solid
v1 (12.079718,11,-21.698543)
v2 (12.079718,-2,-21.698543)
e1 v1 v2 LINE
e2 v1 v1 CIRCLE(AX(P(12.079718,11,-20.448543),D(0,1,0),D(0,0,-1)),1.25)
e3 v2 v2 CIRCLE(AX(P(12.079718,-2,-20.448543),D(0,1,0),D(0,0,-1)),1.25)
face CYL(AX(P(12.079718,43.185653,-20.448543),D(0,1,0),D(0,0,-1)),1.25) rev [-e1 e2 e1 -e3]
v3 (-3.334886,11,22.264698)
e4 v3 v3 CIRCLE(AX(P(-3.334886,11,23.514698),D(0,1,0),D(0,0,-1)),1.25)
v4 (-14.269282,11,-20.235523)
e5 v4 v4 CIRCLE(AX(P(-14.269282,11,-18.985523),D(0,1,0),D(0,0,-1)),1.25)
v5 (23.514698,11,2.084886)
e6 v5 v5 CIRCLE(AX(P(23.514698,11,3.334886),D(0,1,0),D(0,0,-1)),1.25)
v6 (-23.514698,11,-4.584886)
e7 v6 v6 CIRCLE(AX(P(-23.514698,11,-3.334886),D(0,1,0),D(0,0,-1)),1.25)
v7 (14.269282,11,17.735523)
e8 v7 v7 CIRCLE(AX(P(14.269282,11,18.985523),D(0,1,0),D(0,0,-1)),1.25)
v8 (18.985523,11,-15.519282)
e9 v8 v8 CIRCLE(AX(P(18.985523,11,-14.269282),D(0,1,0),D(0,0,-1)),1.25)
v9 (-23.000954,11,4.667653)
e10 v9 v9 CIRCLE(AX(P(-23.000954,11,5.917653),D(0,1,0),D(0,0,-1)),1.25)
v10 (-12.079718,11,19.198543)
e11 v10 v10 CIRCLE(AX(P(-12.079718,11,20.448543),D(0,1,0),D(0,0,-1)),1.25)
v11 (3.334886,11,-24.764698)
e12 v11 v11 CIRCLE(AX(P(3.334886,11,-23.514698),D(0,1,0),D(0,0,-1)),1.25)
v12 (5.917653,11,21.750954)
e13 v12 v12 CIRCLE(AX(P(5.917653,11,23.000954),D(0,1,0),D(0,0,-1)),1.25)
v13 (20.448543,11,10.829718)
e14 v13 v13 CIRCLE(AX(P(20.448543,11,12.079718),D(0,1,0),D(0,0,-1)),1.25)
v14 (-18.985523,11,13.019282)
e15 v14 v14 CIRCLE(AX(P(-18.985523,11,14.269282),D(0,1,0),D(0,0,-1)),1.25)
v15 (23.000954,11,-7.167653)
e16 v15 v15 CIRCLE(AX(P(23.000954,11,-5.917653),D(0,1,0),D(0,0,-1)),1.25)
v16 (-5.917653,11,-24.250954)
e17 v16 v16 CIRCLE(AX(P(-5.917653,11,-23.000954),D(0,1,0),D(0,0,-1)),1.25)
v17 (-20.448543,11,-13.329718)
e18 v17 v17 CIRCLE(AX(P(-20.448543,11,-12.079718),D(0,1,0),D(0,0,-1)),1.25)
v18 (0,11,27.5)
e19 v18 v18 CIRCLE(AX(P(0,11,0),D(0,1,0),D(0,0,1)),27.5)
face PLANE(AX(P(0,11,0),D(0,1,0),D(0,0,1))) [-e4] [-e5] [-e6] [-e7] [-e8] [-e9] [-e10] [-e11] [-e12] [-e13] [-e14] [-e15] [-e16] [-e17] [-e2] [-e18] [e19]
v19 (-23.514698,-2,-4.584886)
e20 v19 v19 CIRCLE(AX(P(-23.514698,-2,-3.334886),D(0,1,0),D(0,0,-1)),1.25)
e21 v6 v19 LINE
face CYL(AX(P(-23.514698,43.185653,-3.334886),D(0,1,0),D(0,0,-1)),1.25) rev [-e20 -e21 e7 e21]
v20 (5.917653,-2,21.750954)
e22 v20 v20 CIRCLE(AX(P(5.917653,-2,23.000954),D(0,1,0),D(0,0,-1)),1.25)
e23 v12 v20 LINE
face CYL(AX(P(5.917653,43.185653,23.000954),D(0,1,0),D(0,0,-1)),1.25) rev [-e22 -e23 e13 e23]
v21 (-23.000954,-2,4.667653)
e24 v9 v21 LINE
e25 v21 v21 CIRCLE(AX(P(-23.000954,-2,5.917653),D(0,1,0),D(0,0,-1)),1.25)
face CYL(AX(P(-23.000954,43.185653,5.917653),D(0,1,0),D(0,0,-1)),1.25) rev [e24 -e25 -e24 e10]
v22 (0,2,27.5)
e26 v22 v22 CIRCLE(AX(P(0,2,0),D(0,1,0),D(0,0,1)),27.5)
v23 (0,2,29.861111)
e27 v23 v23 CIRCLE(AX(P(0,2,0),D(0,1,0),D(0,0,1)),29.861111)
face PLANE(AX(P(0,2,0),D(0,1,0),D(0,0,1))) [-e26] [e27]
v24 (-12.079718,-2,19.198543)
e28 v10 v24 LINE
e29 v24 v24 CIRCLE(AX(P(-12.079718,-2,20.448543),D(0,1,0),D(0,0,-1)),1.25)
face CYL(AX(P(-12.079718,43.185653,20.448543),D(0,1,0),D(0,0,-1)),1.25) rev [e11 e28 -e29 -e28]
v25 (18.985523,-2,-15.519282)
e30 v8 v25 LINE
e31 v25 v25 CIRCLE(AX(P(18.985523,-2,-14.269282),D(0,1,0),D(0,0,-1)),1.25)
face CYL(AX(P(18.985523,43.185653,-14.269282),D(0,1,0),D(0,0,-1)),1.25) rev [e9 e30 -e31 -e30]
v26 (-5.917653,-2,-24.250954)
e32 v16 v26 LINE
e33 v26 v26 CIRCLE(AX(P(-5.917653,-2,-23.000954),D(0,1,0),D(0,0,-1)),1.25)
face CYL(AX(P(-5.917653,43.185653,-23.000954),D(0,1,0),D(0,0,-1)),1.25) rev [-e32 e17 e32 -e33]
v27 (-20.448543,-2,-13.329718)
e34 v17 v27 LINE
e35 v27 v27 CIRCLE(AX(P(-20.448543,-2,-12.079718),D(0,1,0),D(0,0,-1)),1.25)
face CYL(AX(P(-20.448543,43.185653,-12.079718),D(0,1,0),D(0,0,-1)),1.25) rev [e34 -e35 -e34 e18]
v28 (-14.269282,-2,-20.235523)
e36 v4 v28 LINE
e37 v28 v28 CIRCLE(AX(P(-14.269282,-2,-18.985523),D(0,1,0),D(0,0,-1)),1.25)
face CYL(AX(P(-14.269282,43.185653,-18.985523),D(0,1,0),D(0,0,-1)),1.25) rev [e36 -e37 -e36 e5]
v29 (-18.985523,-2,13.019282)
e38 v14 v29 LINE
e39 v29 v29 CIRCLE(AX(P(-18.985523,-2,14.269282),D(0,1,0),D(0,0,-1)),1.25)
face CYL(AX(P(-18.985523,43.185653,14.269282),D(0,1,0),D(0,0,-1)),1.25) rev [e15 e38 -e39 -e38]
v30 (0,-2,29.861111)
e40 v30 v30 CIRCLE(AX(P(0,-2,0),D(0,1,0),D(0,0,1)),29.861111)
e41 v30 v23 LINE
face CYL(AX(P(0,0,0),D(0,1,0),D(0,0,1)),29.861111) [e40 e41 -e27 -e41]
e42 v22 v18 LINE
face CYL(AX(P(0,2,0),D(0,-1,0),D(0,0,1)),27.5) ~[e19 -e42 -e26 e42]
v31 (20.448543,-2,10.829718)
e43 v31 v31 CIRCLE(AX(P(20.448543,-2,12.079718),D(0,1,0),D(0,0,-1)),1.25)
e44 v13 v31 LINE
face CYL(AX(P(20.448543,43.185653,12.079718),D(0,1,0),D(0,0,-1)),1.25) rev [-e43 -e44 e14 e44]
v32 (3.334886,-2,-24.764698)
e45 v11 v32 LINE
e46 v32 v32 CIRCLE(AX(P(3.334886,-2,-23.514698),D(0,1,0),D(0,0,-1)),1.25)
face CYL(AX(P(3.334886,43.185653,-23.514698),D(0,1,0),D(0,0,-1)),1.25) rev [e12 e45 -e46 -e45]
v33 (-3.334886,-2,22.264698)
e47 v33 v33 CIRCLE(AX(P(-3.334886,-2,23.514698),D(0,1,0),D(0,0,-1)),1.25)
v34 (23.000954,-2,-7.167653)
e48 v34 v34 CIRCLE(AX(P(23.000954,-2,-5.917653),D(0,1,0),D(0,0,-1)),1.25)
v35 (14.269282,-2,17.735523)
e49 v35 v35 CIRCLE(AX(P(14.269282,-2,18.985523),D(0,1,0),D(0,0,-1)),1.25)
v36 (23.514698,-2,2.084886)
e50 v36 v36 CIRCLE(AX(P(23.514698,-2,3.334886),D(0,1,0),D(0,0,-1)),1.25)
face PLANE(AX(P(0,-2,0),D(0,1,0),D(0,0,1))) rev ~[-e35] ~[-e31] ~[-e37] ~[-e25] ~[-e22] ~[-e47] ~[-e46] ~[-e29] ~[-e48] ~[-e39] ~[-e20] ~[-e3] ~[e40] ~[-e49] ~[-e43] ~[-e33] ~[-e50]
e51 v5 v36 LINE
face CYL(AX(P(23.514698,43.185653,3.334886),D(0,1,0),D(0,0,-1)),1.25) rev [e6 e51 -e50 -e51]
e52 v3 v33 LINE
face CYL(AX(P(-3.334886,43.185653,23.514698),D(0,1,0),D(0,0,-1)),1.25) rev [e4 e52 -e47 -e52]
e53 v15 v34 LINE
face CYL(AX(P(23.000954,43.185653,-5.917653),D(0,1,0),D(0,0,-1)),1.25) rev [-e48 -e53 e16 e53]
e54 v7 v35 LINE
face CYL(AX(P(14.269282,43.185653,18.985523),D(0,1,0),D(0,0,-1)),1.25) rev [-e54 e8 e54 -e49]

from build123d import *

# Parameters (mm, degrees)
SKETCH1_R               = 29.86111111
BOSS_EXTRUDE1_DEPTH     = 2
SKETCH2_R               = 27.5
BOSS_EXTRUDE2_DEPTH     = 9
CUT_EXTRUDE1_DEPTH      = 45.185652801
CUT_EXTRUDE1_DEPTH_BACK = 45.185652801
SKETCH3_R               = 1.25


with BuildPart() as part:
    # Sketch1 → Boss-Extrude1 (new, symmetric)
    with BuildSketch(Plane(origin=(0, 0, 0), x_dir=(1, 0, 0), z_dir=(0, 1, 0))):
        with Locations(Location((0, 0, 0), (0, 0, 270))):
            Circle(SKETCH1_R)
    extrude(amount=BOSS_EXTRUDE1_DEPTH, both=True)

    # Sketch2 → Boss-Extrude2 (add)
    with BuildSketch(Plane(origin=(0, 2, 0), x_dir=(1, 0, 0), z_dir=(0, 1, 0))):
        with Locations(Location((0, 0, 0), (0, 0, 270))):
            Circle(SKETCH2_R)
    extrude(amount=BOSS_EXTRUDE2_DEPTH)

    # Sketch3 → Cut-Extrude1 (cut, two sides: drawn at the far end of the back side and taken through both)
    with BuildSketch(Plane.XZ.offset(2).offset(-CUT_EXTRUDE1_DEPTH_BACK)):
        with Locations(Location((23.000954051, -5.917652637, 0), (0, 0, 270))):
            Circle(SKETCH3_R)
        with Locations(Location((23.514698299, 3.334885892, 0), (0, 0, 270))):
            Circle(SKETCH3_R)
        with Locations(Location((20.448542892, 12.079718275, 0), (0, 0, 270))):
            Circle(SKETCH3_R)
        with Locations(Location((14.269282196, 18.985523054, 0), (0, 0, 270))):
            Circle(SKETCH3_R)
        with Locations(Location((18.985523054, -14.269282196, 0), (0, 0, 270))):
            Circle(SKETCH3_R)
        with Locations(Location((5.917652637, 23.000954051, 0), (0, 0, 270))):
            Circle(SKETCH3_R)
        with Locations(Location((-3.334885892, 23.514698299, 0), (0, 0, 270))):
            Circle(SKETCH3_R)
        with Locations(Location((-12.079718275, 20.448542892, 0), (0, 0, 270))):
            Circle(SKETCH3_R)
        with Locations(Location((-18.985523054, 14.269282196, 0), (0, 0, 270))):
            Circle(SKETCH3_R)
        with Locations(Location((-23.000954051, 5.917652637, 0), (0, 0, 270))):
            Circle(SKETCH3_R)
        with Locations(Location((-23.514698299, -3.334885892, 0), (0, 0, 270))):
            Circle(SKETCH3_R)
        with Locations(Location((12.079718275, -20.448542892, 0), (0, 0, 270))):
            Circle(SKETCH3_R)
        with Locations(Location((3.334885892, -23.514698299, 0), (0, 0, 270))):
            Circle(SKETCH3_R)
        with Locations(Location((-5.917652637, -23.000954051, 0), (0, 0, 270))):
            Circle(SKETCH3_R)
        with Locations(Location((-14.269282196, -18.985523054, 0), (0, 0, 270))):
            Circle(SKETCH3_R)
        with Locations(Location((-20.448542892, -12.079718275, 0), (0, 0, 270))):
            Circle(SKETCH3_R)
    extrude(amount=CUT_EXTRUDE1_DEPTH + CUT_EXTRUDE1_DEPTH_BACK, mode=Mode.SUBTRACT)


solid = part.part
